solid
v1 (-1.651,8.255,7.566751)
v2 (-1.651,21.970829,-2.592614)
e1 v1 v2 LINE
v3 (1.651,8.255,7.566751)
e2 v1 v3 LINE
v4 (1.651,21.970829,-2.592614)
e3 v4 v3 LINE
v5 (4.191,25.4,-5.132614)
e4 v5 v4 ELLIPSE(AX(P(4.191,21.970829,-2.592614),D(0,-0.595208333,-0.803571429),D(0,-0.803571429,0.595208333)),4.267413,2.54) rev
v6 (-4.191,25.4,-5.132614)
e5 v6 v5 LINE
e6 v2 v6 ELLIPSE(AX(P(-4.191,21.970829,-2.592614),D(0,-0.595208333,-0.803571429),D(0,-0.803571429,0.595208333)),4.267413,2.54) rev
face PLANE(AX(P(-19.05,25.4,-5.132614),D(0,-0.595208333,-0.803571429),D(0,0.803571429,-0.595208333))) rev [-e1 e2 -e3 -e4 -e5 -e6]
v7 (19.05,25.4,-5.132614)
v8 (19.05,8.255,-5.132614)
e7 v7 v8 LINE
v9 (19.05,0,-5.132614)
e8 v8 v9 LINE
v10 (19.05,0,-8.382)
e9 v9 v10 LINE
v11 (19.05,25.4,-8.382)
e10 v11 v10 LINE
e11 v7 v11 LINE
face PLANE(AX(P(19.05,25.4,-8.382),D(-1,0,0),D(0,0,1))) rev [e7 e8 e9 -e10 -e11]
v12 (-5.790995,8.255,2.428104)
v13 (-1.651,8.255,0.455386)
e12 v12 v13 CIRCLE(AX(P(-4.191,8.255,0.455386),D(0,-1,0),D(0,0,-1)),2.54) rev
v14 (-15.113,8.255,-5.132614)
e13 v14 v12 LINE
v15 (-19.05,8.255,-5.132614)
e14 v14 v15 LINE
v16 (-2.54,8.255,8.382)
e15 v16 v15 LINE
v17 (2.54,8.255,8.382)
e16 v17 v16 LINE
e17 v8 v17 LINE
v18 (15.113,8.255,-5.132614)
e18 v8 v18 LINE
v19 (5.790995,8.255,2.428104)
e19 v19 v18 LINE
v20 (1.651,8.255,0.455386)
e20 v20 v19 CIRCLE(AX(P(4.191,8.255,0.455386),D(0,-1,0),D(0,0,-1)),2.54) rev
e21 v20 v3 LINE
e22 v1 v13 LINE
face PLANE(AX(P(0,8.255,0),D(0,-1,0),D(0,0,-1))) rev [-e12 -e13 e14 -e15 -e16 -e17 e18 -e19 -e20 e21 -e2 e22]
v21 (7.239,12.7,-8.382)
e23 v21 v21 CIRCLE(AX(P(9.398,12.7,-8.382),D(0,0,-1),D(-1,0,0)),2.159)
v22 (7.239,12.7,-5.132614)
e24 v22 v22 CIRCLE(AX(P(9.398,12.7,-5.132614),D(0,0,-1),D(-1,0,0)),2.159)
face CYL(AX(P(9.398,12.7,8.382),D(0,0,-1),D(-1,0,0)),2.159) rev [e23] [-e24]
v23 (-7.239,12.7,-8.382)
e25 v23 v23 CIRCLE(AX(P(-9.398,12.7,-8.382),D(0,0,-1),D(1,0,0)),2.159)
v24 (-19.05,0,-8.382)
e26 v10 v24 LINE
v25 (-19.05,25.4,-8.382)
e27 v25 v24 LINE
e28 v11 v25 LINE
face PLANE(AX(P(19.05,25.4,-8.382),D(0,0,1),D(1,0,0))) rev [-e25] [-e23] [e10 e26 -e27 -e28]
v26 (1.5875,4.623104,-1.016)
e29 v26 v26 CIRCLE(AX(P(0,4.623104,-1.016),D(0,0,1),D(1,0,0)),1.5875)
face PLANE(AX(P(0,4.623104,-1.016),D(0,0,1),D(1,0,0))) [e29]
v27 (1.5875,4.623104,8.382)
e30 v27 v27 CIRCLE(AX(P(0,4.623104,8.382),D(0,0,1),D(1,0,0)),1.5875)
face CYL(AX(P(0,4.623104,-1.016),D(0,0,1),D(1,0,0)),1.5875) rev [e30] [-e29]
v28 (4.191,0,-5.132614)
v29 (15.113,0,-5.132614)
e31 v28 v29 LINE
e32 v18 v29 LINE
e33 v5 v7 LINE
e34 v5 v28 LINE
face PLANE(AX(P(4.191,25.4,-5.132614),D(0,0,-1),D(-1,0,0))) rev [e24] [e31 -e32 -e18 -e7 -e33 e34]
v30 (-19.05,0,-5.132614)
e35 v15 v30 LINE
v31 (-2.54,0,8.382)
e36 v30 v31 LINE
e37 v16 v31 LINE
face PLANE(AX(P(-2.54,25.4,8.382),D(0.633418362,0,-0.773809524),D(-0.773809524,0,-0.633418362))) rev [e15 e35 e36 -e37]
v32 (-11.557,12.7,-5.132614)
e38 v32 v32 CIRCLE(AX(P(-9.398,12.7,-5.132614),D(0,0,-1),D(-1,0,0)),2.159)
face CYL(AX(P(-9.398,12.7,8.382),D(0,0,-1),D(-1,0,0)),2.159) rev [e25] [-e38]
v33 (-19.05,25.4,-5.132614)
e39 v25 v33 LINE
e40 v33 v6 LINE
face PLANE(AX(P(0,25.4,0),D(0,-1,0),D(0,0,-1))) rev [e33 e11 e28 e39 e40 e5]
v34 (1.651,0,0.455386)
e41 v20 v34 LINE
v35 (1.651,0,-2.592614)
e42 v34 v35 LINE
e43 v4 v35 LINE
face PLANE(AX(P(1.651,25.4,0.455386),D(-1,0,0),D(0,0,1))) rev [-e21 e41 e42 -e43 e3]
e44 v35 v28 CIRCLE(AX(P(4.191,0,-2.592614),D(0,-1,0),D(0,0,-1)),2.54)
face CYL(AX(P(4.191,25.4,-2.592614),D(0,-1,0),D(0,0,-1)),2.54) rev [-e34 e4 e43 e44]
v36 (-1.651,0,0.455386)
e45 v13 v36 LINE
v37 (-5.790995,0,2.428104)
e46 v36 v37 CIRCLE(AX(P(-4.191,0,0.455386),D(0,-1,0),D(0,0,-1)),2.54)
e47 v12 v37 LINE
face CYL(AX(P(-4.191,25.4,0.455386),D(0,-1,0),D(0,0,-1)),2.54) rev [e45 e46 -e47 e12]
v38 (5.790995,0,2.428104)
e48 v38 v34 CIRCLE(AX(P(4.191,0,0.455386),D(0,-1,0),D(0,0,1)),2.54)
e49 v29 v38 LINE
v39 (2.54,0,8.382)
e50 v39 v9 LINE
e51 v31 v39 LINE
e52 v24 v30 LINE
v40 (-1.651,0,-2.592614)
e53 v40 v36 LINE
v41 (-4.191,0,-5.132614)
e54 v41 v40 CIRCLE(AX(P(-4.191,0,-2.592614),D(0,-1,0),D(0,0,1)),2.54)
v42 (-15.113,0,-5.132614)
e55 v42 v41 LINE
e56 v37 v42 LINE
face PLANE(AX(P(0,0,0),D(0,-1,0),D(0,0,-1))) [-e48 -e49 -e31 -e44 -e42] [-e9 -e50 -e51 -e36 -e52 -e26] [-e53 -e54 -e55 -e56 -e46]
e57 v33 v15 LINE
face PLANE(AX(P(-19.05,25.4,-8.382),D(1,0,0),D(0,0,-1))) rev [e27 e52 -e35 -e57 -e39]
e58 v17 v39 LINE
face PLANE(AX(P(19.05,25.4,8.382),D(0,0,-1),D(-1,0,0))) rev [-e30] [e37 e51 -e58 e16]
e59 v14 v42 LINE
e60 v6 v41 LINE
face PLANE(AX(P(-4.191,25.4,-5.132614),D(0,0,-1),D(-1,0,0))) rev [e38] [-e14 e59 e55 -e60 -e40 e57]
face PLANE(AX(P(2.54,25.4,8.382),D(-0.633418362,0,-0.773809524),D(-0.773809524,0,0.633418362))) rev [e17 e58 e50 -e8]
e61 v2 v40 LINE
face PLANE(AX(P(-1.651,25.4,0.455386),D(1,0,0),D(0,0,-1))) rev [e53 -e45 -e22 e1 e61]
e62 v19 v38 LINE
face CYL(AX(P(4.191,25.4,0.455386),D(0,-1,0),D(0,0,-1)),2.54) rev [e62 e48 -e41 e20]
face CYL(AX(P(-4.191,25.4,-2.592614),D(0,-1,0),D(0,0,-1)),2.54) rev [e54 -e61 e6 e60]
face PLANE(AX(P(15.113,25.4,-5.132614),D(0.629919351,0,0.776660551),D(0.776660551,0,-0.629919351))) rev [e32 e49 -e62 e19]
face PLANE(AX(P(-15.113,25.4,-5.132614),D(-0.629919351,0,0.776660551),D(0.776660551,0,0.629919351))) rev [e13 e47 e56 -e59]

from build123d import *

# Parameters (mm, degrees)
SKETCH1_W               = 38.1
SKETCH1_H               = 16.764
BOSS_EXTRUDE1_DEPTH     = 25.4
CUT_EXTRUDE1_DEPTH      = 33.837789572
CUT_EXTRUDE3_DEPTH      = 33.837789572
CUT_EXTRUDE4_DEPTH      = 17.145
SKETCH7_R               = 2.159
CUT_EXTRUDE5_DEPTH      = 36.903957943
CUT_EXTRUDE6_DEPTH      = 34.822319923
CUT_EXTRUDE6_DEPTH_BACK = 34.822319923
SKETCH10_R              = 1.5875
CUT_EXTRUDE7_DEPTH      = 9.398


with BuildPart() as part:
    # Sketch1 → Boss-Extrude1 (new body)
    with BuildSketch(Plane(origin=(0, 0, 0), x_dir=(1, 0, 0), z_dir=(0, 1, 0))):
        Rectangle(SKETCH1_W, SKETCH1_H)
    extrude(amount=BOSS_EXTRUDE1_DEPTH)

    # Sketch3 → Cut-Extrude1 (cut, through all)
    with BuildSketch(Plane.XZ):
        Polygon((-2.54, 8.382), (-19.05, -5.132614164), (-19.05, 8.382), align=None)
        Polygon((19.05, -5.132614164), (19.05, 8.382), (2.54, 8.382), align=None)
    extrude(amount=-CUT_EXTRUDE1_DEPTH, mode=Mode.SUBTRACT)

    # Sketch5 → Cut-Extrude3 (cut, through all)
    with BuildSketch(Plane.XZ):
        with BuildLine():
            Line((-4.191, -5.132614164), (-15.113, -5.132614164))
            Line((-15.113, -5.132614164), (-5.790995153, 2.428103634))
            ThreePointArc((-5.790995153, 2.428103634), (-3.098385632, 2.748373809), (-1.651, 0.455385836))
            Line((-1.651, 0.455385836), (-1.651, -2.592614164))
            ThreePointArc((-1.651, -2.592614164), (-2.394948776, -4.388665388), (-4.191, -5.132614164))
        make_face()
        with BuildLine():
            Line((1.651, 0.455385836), (1.651, -2.592614164))
            ThreePointArc((1.651, -2.592614164), (2.394948776, -4.388665388), (4.191, -5.132614164))
            Line((4.191, -5.132614164), (15.113, -5.132614164))
            Line((15.113, -5.132614164), (5.790995153, 2.428103634))
            ThreePointArc((5.790995153, 2.428103634), (3.098385632, 2.748373809), (1.651, 0.455385836))
        make_face()
    extrude(amount=-CUT_EXTRUDE3_DEPTH, mode=Mode.SUBTRACT)

    # Sketch6 → Cut-Extrude4 (cut)
    with BuildSketch(Plane(origin=(0, 25.4, 0), x_dir=(1, 0, 0), z_dir=(0, 1, 0))):
        Polygon((1.651, -0.455385836), (1.651, -11.682968512), (19.05, 5.132614164), (4.191, 5.132614164), align=None)
        Polygon((-4.191, 5.132614164), (-1.651, -0.455385836), (-1.651, -11.682968512), (-19.05, 5.132614164), align=None)
    extrude(amount=-CUT_EXTRUDE4_DEPTH, mode=Mode.SUBTRACT)

    # Sketch7 → Cut-Extrude5 (cut, through all)
    with BuildSketch(Plane(origin=(0, 0, -8.382), x_dir=(-1, 0, 0), z_dir=(0, 0, -1))):
        with Locations((-9.398, 12.7)):
            Circle(SKETCH7_R)
        with Locations((9.398, 12.7)):
            Circle(SKETCH7_R)
    extrude(amount=-CUT_EXTRUDE5_DEPTH, mode=Mode.SUBTRACT)

    # Sketch9 → Cut-Extrude6 (cut, two sides: drawn at the far end of the back side and taken through both)
    with BuildSketch(Plane(origin=(1.651, 0, 0), x_dir=(0, 0, -1), z_dir=(1, 0, 0)).offset(-CUT_EXTRUDE6_DEPTH_BACK)):
        Polygon((5.132614164, 25.4), (-7.56675082, 8.255), (-10.075287768, 8.255), (-10.075287768, 25.4), (-7.56675082, 25.4), align=None)
    extrude(amount=CUT_EXTRUDE6_DEPTH + CUT_EXTRUDE6_DEPTH_BACK, mode=Mode.SUBTRACT)

    # Sketch10 → Cut-Extrude7 (cut)
    with BuildSketch(Plane.XY.offset(8.382)):
        with Locations((0, 4.623103893)):
            Circle(SKETCH10_R)
    extrude(amount=-CUT_EXTRUDE7_DEPTH, mode=Mode.SUBTRACT)


solid = part.part
